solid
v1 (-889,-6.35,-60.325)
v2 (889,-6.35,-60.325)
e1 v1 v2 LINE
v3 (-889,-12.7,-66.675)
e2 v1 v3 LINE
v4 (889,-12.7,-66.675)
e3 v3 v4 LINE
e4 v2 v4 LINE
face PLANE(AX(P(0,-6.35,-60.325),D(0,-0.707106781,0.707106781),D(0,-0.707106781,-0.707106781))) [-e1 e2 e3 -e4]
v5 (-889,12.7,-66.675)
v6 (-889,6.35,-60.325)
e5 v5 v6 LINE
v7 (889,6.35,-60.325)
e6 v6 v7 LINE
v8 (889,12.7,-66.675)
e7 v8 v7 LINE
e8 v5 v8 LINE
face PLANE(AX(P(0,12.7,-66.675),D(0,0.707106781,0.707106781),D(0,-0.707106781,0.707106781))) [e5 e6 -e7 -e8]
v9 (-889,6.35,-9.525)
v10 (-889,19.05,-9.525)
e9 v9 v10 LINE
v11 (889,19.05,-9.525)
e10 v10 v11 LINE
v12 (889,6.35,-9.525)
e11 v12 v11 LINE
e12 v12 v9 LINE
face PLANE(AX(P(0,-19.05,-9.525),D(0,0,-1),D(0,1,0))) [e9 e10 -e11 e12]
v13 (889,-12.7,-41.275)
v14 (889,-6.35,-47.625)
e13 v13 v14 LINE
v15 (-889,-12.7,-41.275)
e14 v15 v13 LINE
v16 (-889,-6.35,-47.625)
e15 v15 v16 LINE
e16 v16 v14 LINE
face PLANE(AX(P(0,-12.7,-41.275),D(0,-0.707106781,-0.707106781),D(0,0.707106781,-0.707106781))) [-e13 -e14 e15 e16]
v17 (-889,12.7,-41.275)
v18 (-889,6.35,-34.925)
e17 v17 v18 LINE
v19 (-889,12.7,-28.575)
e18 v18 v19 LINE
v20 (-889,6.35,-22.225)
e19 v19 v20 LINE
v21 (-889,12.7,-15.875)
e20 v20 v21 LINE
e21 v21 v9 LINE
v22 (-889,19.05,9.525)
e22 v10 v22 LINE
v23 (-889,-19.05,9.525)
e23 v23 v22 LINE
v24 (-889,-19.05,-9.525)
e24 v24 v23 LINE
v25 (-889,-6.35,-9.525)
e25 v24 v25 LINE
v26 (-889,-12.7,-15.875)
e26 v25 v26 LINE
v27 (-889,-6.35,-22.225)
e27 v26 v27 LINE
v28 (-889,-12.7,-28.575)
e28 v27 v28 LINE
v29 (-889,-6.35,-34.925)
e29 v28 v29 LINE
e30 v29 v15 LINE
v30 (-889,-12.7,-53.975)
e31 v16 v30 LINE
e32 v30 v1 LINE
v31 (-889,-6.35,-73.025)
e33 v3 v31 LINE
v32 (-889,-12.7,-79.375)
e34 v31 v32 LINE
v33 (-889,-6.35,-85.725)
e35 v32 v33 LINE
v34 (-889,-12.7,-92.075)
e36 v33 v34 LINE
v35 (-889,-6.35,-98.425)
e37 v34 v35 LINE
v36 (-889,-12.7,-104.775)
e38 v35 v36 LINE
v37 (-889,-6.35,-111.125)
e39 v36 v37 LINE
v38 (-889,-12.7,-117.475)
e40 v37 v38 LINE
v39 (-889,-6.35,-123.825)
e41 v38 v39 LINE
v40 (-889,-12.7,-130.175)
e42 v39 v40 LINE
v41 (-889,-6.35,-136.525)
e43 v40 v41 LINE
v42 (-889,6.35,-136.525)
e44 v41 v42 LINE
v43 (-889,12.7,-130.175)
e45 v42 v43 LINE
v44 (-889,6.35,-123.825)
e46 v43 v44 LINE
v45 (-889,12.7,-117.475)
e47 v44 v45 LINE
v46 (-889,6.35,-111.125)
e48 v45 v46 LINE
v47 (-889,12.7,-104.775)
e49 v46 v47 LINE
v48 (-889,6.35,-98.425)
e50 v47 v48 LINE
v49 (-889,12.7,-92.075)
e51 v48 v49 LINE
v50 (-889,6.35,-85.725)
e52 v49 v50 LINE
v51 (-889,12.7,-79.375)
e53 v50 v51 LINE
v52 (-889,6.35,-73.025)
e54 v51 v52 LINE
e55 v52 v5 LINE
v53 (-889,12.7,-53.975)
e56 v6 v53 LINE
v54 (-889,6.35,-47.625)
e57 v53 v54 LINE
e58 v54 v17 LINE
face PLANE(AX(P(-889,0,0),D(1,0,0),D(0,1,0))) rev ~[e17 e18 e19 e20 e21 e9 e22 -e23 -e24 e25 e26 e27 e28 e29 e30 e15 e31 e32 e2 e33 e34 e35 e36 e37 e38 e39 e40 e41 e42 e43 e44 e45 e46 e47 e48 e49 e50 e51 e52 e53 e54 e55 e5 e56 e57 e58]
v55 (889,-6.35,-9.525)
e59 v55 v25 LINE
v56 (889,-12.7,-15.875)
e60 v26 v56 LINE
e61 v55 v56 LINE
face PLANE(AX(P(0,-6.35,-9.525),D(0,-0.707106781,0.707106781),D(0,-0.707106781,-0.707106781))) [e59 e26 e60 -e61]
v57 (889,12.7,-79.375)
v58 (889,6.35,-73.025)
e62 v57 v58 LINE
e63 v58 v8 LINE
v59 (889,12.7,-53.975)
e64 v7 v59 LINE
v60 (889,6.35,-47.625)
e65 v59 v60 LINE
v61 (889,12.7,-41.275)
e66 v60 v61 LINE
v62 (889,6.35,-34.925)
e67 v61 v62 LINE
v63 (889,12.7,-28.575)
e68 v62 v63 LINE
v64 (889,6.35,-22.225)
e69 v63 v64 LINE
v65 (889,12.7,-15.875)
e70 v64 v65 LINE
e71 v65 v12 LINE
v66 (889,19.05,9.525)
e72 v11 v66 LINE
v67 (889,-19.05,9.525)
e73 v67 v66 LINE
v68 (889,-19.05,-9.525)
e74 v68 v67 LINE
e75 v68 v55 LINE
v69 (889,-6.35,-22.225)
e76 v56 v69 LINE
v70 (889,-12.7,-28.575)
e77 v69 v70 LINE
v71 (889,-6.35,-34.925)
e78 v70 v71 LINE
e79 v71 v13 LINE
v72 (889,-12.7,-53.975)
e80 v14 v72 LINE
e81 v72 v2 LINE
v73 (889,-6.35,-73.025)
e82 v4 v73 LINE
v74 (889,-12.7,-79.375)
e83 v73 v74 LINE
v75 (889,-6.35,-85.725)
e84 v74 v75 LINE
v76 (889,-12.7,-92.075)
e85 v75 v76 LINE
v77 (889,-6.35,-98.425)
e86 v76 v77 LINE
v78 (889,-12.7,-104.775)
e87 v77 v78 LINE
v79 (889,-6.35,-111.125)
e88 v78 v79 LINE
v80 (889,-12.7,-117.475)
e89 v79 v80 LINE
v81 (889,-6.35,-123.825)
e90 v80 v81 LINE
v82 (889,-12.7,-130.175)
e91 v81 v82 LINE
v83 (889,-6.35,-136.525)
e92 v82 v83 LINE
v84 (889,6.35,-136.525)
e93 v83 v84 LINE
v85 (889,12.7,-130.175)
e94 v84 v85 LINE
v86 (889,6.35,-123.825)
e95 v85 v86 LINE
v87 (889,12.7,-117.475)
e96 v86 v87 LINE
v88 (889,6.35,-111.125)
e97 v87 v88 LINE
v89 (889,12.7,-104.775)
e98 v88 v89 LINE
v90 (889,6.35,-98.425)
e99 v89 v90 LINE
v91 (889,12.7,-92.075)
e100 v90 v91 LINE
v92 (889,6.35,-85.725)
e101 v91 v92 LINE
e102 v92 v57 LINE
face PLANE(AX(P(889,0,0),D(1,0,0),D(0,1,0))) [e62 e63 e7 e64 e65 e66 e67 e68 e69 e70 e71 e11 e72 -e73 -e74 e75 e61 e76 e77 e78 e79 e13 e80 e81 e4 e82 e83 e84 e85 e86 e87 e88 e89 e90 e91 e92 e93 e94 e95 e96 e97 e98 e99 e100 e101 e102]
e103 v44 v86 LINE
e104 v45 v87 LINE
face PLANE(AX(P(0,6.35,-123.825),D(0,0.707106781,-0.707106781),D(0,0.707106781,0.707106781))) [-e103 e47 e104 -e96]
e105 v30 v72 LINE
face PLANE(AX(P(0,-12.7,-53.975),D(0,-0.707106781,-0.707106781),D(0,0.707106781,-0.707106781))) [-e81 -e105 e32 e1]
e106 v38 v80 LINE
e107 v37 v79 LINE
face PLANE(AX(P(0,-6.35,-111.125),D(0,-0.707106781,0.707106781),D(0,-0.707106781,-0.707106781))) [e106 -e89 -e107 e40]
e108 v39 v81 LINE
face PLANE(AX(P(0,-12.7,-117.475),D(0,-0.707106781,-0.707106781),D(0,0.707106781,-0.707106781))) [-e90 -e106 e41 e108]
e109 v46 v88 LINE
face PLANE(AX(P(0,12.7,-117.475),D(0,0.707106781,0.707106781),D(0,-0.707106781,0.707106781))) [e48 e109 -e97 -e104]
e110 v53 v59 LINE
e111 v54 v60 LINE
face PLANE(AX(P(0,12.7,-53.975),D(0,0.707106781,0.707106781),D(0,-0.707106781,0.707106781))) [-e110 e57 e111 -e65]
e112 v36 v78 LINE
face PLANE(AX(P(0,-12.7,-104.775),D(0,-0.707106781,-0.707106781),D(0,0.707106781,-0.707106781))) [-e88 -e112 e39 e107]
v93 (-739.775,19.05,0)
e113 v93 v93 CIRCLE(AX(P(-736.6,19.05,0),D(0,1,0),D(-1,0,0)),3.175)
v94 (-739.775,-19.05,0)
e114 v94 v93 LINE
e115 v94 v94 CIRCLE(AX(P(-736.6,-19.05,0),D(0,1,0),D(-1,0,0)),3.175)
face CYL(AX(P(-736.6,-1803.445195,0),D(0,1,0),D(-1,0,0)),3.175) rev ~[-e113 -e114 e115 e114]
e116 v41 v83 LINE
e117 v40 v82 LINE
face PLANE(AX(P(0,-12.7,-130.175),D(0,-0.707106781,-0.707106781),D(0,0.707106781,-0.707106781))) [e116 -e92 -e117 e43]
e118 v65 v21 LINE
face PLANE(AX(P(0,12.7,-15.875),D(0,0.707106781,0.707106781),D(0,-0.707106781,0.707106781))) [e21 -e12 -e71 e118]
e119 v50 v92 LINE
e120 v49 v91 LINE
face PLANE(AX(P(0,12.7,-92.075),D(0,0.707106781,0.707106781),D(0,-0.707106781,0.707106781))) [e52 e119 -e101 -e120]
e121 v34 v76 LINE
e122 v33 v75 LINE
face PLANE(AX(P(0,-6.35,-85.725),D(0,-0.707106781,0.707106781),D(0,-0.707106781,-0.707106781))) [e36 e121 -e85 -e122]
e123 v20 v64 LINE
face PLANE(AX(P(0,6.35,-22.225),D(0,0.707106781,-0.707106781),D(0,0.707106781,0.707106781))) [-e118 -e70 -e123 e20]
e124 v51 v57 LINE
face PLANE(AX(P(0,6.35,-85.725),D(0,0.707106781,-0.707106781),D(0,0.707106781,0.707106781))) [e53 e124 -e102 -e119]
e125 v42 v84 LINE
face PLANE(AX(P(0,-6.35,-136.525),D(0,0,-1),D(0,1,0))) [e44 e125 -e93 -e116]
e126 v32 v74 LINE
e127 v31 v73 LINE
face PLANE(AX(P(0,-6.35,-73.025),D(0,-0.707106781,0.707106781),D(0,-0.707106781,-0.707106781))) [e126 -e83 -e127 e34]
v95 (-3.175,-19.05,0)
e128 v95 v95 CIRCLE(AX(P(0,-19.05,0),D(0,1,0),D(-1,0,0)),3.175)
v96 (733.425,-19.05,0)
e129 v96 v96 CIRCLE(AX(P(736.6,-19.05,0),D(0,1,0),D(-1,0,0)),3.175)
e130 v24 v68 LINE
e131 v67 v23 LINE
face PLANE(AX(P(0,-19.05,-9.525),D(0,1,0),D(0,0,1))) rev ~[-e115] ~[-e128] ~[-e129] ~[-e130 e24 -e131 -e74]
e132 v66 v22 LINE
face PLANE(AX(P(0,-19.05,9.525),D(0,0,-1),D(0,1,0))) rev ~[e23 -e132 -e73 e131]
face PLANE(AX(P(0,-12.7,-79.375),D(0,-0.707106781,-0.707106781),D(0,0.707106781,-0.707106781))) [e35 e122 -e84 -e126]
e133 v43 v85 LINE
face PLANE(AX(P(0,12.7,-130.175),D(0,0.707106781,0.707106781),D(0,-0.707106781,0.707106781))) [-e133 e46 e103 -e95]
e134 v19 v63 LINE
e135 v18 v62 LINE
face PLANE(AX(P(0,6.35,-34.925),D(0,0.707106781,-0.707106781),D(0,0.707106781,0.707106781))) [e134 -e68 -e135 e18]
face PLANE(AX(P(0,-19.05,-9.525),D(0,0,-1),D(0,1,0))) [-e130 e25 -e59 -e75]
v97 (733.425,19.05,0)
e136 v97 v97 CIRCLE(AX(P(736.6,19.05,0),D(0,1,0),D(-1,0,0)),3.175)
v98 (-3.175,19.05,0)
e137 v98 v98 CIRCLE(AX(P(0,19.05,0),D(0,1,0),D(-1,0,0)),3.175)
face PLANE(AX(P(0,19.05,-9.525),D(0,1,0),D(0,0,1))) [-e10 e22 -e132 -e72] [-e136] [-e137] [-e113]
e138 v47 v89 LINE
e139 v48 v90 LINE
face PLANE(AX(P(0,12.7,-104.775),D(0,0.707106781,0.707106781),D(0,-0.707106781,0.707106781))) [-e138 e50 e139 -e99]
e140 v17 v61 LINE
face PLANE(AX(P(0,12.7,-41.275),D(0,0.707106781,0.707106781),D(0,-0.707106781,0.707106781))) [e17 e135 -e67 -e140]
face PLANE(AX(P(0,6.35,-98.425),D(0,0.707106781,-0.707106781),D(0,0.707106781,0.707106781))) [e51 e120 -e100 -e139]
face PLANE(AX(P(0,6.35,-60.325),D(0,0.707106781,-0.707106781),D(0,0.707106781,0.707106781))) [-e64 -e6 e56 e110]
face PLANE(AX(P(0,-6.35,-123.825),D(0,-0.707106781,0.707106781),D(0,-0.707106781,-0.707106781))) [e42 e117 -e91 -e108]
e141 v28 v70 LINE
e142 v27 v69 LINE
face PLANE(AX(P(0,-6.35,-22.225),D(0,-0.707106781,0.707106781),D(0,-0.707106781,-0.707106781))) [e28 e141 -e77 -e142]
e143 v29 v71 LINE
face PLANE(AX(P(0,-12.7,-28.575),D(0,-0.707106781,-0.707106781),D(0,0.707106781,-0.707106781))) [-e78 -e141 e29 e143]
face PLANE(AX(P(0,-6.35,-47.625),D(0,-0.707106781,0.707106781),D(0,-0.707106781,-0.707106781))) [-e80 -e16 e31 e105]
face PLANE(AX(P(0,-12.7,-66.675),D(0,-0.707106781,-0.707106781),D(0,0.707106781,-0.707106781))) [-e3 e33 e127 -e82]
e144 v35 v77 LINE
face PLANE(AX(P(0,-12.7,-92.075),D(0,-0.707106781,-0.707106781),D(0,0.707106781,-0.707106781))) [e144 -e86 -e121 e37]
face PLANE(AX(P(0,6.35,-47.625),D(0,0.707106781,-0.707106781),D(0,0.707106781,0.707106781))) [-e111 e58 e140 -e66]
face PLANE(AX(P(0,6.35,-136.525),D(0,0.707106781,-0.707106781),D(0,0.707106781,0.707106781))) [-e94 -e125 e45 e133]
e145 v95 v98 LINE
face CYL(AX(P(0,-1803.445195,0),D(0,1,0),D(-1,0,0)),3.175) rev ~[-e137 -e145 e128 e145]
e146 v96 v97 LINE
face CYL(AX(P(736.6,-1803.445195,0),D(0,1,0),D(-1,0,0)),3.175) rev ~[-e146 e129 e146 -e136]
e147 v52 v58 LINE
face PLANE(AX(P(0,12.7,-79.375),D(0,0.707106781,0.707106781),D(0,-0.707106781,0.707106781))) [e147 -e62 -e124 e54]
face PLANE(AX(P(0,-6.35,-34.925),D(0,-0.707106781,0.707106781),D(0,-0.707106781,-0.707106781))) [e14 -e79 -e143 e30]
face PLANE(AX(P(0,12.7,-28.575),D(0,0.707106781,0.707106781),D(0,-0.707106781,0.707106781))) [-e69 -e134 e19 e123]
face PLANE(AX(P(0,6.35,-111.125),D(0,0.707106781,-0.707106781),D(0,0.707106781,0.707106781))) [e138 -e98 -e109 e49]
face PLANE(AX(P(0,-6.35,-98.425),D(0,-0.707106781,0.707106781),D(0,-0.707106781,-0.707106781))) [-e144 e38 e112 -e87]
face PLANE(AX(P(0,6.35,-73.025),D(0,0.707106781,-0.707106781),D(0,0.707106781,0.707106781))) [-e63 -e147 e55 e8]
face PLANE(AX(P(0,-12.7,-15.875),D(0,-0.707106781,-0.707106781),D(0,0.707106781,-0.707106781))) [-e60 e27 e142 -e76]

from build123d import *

# Parameters (mm, degrees)
F0_W     = 38.1
F0_H     = 19.05
F1_DEPTH = 889
F3_DEPTH = 889
F5_D     = 6.35


with BuildPart() as f1:
    # F0 (on Right) → F1 (new body, symmetric)
    with BuildSketch(Plane.YZ):
        Rectangle(F0_W, F0_H)
    extrude(amount=F1_DEPTH, both=True)

    # F2 (on Right) → F3 (join, symmetric)
    with BuildSketch(Plane.YZ):
        Polygon((0, -9.525), (-6.35, -9.525), (-12.7, -15.875), (-6.35, -22.225), (0, -22.225), (6.35, -22.225), (12.7, -15.875), (6.35, -9.525), align=None)
        Polygon((0, -22.225), (-6.35, -22.225), (-12.7, -28.575), (-6.35, -34.925), (0, -34.925), (6.35, -34.925), (12.7, -28.575), (6.35, -22.225), align=None)
        Polygon((0, -34.925), (-6.35, -34.925), (-12.7, -41.275), (-6.35, -47.625), (0, -47.625), (6.35, -47.625), (12.7, -41.275), (6.35, -34.925), align=None)
        Polygon((0, -47.625), (-6.35, -47.625), (-12.7, -53.975), (-6.35, -60.325), (0, -60.325), (6.35, -60.325), (12.7, -53.975), (6.35, -47.625), align=None)
        Polygon((0, -60.325), (-6.35, -60.325), (-12.7, -66.675), (-6.35, -73.025), (0, -73.025), (6.35, -73.025), (12.7, -66.675), (6.35, -60.325), align=None)
        Polygon((0, -73.025), (-6.35, -73.025), (-12.7, -79.375), (-6.35, -85.725), (0, -85.725), (6.35, -85.725), (12.7, -79.375), (6.35, -73.025), align=None)
        Polygon((0, -85.725), (-6.35, -85.725), (-12.7, -92.075), (-6.35, -98.425), (0, -98.425), (6.35, -98.425), (12.7, -92.075), (6.35, -85.725), align=None)
        Polygon((0, -98.425), (-6.35, -98.425), (-12.7, -104.775), (-6.35, -111.125), (0, -111.125), (6.35, -111.125), (12.7, -104.775), (6.35, -98.425), align=None)
        Polygon((0, -111.125), (-6.35, -111.125), (-12.7, -117.475), (-6.35, -123.825), (0, -123.825), (6.35, -123.825), (12.7, -117.475), (6.35, -111.125), align=None)
        Polygon((0, -123.825), (-6.35, -123.825), (-12.7, -130.175), (-6.35, -136.525), (0, -136.525), (6.35, -136.525), (12.7, -130.175), (6.35, -123.825), align=None)
    extrude(amount=F3_DEPTH, both=True)

    # F5 (through all)
    with Locations(Plane.XZ.offset(19.05)):
        with Locations((0, 0), (736.6, 0), (-736.6, 0)):
            Hole(F5_D / 2)


solid = f1.part
